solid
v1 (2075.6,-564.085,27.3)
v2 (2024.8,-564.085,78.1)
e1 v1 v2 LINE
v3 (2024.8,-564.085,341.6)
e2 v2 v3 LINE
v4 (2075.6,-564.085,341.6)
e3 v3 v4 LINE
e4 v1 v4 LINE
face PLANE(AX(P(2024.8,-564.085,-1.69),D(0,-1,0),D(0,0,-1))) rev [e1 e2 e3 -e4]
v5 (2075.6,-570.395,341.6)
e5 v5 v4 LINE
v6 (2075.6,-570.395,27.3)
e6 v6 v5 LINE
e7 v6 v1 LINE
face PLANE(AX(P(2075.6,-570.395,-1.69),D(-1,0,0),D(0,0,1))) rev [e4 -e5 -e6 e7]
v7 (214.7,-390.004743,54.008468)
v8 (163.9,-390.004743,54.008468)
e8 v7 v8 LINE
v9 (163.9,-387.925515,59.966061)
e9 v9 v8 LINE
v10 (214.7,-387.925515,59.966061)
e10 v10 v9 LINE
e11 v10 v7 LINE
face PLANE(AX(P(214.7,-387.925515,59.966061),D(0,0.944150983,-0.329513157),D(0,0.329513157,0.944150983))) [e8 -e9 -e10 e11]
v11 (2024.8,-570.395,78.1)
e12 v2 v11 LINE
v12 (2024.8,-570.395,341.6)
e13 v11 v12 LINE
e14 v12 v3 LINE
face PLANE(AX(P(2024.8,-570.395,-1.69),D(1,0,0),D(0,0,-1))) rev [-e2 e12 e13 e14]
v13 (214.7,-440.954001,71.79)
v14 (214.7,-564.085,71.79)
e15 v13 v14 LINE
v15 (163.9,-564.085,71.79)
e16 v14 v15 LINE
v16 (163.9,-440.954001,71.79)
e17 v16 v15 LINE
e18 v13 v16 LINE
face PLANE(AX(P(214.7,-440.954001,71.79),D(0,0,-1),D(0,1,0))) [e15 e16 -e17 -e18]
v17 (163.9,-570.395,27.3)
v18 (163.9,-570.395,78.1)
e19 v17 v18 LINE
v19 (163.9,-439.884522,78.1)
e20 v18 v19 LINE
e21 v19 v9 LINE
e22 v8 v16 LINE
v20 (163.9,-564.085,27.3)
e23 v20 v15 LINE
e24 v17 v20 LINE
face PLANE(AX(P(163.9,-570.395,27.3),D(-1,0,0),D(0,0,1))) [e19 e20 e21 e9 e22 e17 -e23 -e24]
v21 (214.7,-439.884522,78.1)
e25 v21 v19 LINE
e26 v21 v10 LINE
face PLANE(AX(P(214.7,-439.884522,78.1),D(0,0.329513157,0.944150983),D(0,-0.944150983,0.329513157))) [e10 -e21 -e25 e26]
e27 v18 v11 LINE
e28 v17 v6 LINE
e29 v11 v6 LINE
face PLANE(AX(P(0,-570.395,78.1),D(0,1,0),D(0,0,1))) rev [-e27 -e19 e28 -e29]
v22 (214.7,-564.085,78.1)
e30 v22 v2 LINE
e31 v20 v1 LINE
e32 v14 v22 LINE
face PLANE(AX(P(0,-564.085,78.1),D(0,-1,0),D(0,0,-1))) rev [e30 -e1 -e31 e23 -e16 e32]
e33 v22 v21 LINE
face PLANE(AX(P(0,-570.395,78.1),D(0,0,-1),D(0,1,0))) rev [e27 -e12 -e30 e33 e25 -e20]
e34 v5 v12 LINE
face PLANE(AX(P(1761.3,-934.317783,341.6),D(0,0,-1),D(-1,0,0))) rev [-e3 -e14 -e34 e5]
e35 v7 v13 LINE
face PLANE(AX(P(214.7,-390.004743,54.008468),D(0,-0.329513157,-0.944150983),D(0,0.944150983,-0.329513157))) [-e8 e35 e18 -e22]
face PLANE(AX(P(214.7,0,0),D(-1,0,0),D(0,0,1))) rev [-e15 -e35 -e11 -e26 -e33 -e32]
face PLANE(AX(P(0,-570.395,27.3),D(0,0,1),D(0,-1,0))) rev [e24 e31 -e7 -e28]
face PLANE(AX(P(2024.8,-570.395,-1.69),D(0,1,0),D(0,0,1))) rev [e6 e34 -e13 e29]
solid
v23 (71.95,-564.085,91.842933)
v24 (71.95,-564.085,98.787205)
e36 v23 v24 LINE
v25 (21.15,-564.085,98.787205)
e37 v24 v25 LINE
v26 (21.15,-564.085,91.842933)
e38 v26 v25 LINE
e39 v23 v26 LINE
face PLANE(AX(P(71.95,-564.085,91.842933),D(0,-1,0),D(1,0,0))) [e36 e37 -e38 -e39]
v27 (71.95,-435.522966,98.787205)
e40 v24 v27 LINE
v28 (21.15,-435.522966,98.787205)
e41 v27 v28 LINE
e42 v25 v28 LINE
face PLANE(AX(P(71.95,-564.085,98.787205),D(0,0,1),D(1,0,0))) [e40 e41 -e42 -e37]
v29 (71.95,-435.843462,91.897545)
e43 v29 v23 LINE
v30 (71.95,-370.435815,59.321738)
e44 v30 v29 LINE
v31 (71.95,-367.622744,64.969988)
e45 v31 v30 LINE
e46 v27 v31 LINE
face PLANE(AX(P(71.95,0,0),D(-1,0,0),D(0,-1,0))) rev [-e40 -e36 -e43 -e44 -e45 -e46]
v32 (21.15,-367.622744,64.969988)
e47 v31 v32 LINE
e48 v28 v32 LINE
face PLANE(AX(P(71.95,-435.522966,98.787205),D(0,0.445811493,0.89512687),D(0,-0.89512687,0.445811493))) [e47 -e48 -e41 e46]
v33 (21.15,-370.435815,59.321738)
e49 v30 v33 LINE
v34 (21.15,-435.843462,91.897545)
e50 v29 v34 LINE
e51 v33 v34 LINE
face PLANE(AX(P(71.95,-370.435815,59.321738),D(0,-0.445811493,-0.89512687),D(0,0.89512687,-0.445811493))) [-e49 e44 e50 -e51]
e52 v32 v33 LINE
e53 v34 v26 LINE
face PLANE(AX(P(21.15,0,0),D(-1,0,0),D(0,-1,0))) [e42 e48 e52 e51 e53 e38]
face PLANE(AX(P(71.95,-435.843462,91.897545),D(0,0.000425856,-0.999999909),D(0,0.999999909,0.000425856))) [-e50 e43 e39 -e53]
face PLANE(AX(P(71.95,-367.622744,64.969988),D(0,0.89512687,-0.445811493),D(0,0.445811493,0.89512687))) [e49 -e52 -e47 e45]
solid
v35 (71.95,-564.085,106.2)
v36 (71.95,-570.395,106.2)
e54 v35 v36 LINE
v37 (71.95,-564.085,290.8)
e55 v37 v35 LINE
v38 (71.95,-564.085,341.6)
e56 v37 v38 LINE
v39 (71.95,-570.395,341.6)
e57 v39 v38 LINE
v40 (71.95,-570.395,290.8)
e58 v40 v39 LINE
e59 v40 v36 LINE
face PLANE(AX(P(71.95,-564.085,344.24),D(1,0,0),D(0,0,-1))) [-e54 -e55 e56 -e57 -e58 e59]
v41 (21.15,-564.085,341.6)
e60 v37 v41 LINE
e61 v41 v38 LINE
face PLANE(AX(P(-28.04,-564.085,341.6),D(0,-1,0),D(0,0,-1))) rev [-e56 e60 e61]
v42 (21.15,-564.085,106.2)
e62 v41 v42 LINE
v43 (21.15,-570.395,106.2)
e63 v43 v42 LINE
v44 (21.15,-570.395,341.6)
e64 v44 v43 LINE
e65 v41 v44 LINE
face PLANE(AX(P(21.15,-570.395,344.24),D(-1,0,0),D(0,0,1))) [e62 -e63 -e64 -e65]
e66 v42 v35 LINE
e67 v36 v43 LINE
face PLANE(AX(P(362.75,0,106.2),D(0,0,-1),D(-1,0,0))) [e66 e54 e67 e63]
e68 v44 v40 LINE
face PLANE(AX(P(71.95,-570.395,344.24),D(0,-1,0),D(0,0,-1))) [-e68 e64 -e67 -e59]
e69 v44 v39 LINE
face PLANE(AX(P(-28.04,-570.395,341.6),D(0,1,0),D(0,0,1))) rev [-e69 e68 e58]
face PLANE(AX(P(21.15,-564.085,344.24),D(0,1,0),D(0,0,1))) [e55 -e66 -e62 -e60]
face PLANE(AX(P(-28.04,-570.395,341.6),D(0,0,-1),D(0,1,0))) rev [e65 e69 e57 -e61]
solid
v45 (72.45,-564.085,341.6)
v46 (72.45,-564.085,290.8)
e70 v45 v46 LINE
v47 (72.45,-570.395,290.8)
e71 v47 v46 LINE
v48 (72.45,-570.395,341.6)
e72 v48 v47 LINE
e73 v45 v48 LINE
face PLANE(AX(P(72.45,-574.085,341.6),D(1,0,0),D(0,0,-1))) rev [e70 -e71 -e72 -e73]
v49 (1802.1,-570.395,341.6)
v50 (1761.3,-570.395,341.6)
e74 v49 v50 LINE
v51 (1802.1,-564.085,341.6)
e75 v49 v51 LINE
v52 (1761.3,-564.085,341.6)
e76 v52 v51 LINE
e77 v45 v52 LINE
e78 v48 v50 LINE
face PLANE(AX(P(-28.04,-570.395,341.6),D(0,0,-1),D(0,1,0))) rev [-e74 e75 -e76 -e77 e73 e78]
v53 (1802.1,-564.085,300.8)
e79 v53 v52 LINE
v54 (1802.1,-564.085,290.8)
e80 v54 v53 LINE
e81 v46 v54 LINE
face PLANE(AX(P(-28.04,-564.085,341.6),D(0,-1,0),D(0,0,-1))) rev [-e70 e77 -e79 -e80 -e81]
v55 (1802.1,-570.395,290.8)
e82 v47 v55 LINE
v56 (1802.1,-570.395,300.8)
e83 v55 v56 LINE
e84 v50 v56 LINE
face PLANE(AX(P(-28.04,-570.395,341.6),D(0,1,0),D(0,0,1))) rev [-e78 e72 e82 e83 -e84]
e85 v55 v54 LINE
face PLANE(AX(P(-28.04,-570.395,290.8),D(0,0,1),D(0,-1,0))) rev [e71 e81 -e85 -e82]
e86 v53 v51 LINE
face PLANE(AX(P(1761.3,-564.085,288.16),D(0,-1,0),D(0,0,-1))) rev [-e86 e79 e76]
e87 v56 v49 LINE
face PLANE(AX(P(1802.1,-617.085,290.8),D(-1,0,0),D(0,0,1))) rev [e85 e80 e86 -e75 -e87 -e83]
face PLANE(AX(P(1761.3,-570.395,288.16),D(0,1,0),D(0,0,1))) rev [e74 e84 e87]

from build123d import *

# Parameters (mm, degrees)
CROQUIS2_W              = 50.8
CROQUIS2_H              = 6.31
CROQUIS3_W              = 50.8
CROQUIS3_H              = 6.31
CROQUIS4_W              = 60
CROQUIS4_H              = 53.155
SALIENTE_EXTRUIR1_DEPTH = 6.31
CROQUIS5_W              = 60
CROQUIS5_H              = 6.31
CORTAR_EXTRUIR1_DEPTH   = 6.31
CORTAR_EXTRUIR2_DEPTH   = 502
CROQUIS8_W              = 50.8
CROQUIS8_H              = 564.085
CORTAR_EXTRUIR3_DEPTH   = 502
CROQUIS9_W              = 314.3
CROQUIS9_H              = 1090.402933
CORTAR_EXTRUIR4_DEPTH   = 502
CROQUIS10_W             = 50.8
CROQUIS10_H             = 6.31
CORTAR_EXTRUIR5_DEPTH   = 95
CORTAR_EXTRUIR6_DEPTH   = 95
CROQUIS13_W             = 120
CROQUIS13_H             = 249.755
CORTAR_EXTRUIR7_DEPTH   = 95
CROQUIS16_W             = 125
CROQUIS16_H             = 50.8
SALIENTE_EXTRUIR4_DEPTH = 6.31
CROQUIS17_W             = 50.8
CROQUIS17_H             = 6.31
SALIENTE_EXTRUIR5_DEPTH = 50.8
SALIENTE_EXTRUIR6_DEPTH = 50.8
CROQUIS21_W             = 10
CROQUIS21_H             = 50.8
CORTAR_EXTRUIR9_DEPTH   = 53
CROQUIS22_W             = 0.5
CROQUIS22_H             = 50.8
CORTAR_EXTRUIR10_DEPTH  = 10


with BuildPart() as part:
    # Barrer1: sweep along a curve in space
    with BuildLine() as barrer1_path:
        Line((0, 0, 0), (0, -567.24, 0))
        Line((0, -567.24, 0), (0, -567.24, 316.2))
        Line((0, -567.24, 316.2), (1786.7, -567.24, 316.2))
        Line((1786.7, -567.24, 316.2), (1786.7, -567.24, 578))
        Line((1786.7, -567.24, 578), (1786.7, -435.47278313, 578))
        Line((1786.7, -435.47278313, 578), (1786.7, -435.47278313, 1432.002933))
    # Croquis2 → Barrer1 (sweep)
    with BuildSketch(Plane(origin=(0, 0, 0), x_dir=(1, 0, 0), z_dir=(0, 1, 0))):
        Rectangle(CROQUIS2_W, CROQUIS2_H)
        with Locations((263.5, 0)):
            Rectangle(CROQUIS2_W, CROQUIS2_H)
    sweep(path=barrer1_path.line, transition=Transition.RIGHT)

    # Barrer4: sweep along a curve in space
    with BuildLine() as barrer4_path:
        Line((-0.201028049, -3.155, -3.155), (-0.201028049, -3.155, -207.155))
        Line((-0.201028049, -3.155, -207.155), (-0.201028049, -53.155, -207.155))
    # Croquis3 → Barrer4 (sweep)
    with BuildSketch(Plane(origin=(0, 0, -3.155), x_dir=(-1, 0, 0), z_dir=(0, 0, -1))):
        with Locations((-263.5, -3.155)):
            Rectangle(CROQUIS3_W, CROQUIS3_H)
        with Locations((0, -3.155)):
            Rectangle(CROQUIS3_W, CROQUIS3_H)
    sweep(path=barrer4_path.line, transition=Transition.RIGHT)

    # Croquis4 → Saliente-Extruir1 (add)
    with BuildSketch(Plane(origin=(0, 0, -210.31), x_dir=(-1, 0, 0), z_dir=(0, 0, -1))):
        with Locations((-208.1, -26.5775)):
            Rectangle(CROQUIS4_W, CROQUIS4_H)
    extrude(amount=-SALIENTE_EXTRUIR1_DEPTH)

    # Croquis5 → Cortar-Extruir1 (cut)
    with BuildSketch(Plane.XY.offset(-204)):
        with Locations((208.1, -3.155)):
            Rectangle(CROQUIS5_W, CROQUIS5_H)
    extrude(amount=-CORTAR_EXTRUIR1_DEPTH, mode=Mode.SUBTRACT)

    # Croquis7 → Cortar-Extruir2 (cut)
    with BuildSketch(Plane.XY.offset(3.155)):
        Polygon((288.9, -564.085), (238.1, -564.085), (238.1, -68.875540851), (170.611072112, -68.875540851), (170.611072112, 0), (288.9, 0), align=None)
    extrude(amount=-CORTAR_EXTRUIR2_DEPTH, mode=Mode.SUBTRACT)

    # Croquis8 → Cortar-Extruir3 (cut)
    with BuildSketch(Plane.XY.offset(3.155)):
        with Locations((0, -282.0425)):
            Rectangle(CROQUIS8_W, CROQUIS8_H)
    extrude(amount=-CORTAR_EXTRUIR3_DEPTH, mode=Mode.SUBTRACT)

    # Croquis9 → Cortar-Extruir4 (cut)
    with BuildSketch(Plane(origin=(0, -432.31778313, 0), x_dir=(1, 0, 0), z_dir=(0, 1, 0))):
        with Locations((1918.45, -886.8014665)):
            Rectangle(CROQUIS9_W, CROQUIS9_H)
    extrude(amount=-CORTAR_EXTRUIR4_DEPTH, mode=Mode.SUBTRACT)

    # Croquis10 → Cortar-Extruir5 (cut)
    with BuildSketch(Plane(origin=(0, 0, -3.155), x_dir=(-1, 0, 0), z_dir=(0, 0, -1))):
        with Locations((0, -567.24)):
            Rectangle(CROQUIS10_W, CROQUIS10_H)
    extrude(amount=-CORTAR_EXTRUIR5_DEPTH, mode=Mode.SUBTRACT)

    # Croquis11 → Cortar-Extruir6 (cut)
    with BuildSketch(Plane(origin=(0, -564.085, 0), x_dir=(1, 0, 0), z_dir=(0, 1, 0))):
        Polygon((238.1, -78.1), (288.9, -78.1), (288.9, -27.3), align=None)
        Polygon((238.1, -78.1), (288.9, -27.3), (238.1, -27.3), align=None)
        Polygon((238.1, -27.3), (288.9, -27.3), (288.9, -3.155), (288.9, 3.155), (238.1, 3.155), (238.1, -3.155), align=None)
    extrude(amount=-CORTAR_EXTRUIR6_DEPTH, mode=Mode.SUBTRACT)

    # Croquis13 → Cortar-Extruir7 (cut)
    with BuildSketch(Plane(origin=(0, -564.085, 0), x_dir=(1, 0, 0), z_dir=(0, 1, 0))):
        with Locations((34.6, -216.7225)):
            Rectangle(CROQUIS13_W, CROQUIS13_H)
    extrude(amount=-CORTAR_EXTRUIR7_DEPTH, mode=Mode.SUBTRACT)

    # Croquis16 → Saliente-Extruir4 (add)
    with BuildSketch(Plane(origin=(0, -564.085, 0), x_dir=(1, 0, 0), z_dir=(0, 1, 0))):
        with Locations((226.4, -52.7)):
            Rectangle(CROQUIS16_W, CROQUIS16_H)
    extrude(amount=-SALIENTE_EXTRUIR4_DEPTH)

    # Barrer5: sweep along a curve in space
    with BuildLine() as barrer5_path:
        Line((94.6, -567.24, 316.2), (46.55, -567.24, 316.2))
        Line((46.55, -567.24, 316.2), (46.55, -567.24, 106.2))
    # Croquis17 → Barrer5 (sweep)
    with BuildSketch(Plane.ZY.offset(-94.6)):
        with Locations((316.2, -567.24)):
            Rectangle(CROQUIS17_W, CROQUIS17_H)
    sweep(path=barrer5_path.line, transition=Transition.RIGHT)

    # Croquis20 → Saliente-Extruir6 (add)
    with BuildSketch(Plane.ZY.offset(-163.9)):
        Polygon((78.1, -564.085), (78.1, -439.884522326), (59.966060883, -387.925515276), (54.008468178, -390.004743297), (71.79, -440.954001003), (71.79, -564.085), align=None)
    extrude(amount=-SALIENTE_EXTRUIR6_DEPTH)

    # Croquis21 → Cortar-Extruir9 (cut)
    with BuildSketch(Plane(origin=(0, -564.085, 0), x_dir=(1, 0, 0), z_dir=(0, 1, 0))):
        with Locations((1807.1, -316.2)):
            Rectangle(CROQUIS21_W, CROQUIS21_H)
    extrude(amount=-CORTAR_EXTRUIR9_DEPTH, mode=Mode.SUBTRACT)

    # Croquis22 → Cortar-Extruir10 (cut)
    with BuildSketch(Plane(origin=(0, -564.085, 0), x_dir=(1, 0, 0), z_dir=(0, 1, 0))):
        with Locations((72.2, -316.2)):
            Rectangle(CROQUIS22_W, CROQUIS22_H)
    extrude(amount=-CORTAR_EXTRUIR10_DEPTH, mode=Mode.SUBTRACT)


with BuildPart() as body_2:
    # Croquis18 → Saliente-Extruir5 (new body)
    with BuildSketch(Plane.ZY.offset(-21.15)):
        Polygon((98.787204793, -564.085), (98.787204793, -435.522965931), (64.969988324, -367.622744457), (59.321737777, -370.435814978), (91.897545374, -435.843461779), (91.842933, -564.085), align=None)
    extrude(amount=-SALIENTE_EXTRUIR5_DEPTH)


solid = Compound([part.part, body_2.part])
